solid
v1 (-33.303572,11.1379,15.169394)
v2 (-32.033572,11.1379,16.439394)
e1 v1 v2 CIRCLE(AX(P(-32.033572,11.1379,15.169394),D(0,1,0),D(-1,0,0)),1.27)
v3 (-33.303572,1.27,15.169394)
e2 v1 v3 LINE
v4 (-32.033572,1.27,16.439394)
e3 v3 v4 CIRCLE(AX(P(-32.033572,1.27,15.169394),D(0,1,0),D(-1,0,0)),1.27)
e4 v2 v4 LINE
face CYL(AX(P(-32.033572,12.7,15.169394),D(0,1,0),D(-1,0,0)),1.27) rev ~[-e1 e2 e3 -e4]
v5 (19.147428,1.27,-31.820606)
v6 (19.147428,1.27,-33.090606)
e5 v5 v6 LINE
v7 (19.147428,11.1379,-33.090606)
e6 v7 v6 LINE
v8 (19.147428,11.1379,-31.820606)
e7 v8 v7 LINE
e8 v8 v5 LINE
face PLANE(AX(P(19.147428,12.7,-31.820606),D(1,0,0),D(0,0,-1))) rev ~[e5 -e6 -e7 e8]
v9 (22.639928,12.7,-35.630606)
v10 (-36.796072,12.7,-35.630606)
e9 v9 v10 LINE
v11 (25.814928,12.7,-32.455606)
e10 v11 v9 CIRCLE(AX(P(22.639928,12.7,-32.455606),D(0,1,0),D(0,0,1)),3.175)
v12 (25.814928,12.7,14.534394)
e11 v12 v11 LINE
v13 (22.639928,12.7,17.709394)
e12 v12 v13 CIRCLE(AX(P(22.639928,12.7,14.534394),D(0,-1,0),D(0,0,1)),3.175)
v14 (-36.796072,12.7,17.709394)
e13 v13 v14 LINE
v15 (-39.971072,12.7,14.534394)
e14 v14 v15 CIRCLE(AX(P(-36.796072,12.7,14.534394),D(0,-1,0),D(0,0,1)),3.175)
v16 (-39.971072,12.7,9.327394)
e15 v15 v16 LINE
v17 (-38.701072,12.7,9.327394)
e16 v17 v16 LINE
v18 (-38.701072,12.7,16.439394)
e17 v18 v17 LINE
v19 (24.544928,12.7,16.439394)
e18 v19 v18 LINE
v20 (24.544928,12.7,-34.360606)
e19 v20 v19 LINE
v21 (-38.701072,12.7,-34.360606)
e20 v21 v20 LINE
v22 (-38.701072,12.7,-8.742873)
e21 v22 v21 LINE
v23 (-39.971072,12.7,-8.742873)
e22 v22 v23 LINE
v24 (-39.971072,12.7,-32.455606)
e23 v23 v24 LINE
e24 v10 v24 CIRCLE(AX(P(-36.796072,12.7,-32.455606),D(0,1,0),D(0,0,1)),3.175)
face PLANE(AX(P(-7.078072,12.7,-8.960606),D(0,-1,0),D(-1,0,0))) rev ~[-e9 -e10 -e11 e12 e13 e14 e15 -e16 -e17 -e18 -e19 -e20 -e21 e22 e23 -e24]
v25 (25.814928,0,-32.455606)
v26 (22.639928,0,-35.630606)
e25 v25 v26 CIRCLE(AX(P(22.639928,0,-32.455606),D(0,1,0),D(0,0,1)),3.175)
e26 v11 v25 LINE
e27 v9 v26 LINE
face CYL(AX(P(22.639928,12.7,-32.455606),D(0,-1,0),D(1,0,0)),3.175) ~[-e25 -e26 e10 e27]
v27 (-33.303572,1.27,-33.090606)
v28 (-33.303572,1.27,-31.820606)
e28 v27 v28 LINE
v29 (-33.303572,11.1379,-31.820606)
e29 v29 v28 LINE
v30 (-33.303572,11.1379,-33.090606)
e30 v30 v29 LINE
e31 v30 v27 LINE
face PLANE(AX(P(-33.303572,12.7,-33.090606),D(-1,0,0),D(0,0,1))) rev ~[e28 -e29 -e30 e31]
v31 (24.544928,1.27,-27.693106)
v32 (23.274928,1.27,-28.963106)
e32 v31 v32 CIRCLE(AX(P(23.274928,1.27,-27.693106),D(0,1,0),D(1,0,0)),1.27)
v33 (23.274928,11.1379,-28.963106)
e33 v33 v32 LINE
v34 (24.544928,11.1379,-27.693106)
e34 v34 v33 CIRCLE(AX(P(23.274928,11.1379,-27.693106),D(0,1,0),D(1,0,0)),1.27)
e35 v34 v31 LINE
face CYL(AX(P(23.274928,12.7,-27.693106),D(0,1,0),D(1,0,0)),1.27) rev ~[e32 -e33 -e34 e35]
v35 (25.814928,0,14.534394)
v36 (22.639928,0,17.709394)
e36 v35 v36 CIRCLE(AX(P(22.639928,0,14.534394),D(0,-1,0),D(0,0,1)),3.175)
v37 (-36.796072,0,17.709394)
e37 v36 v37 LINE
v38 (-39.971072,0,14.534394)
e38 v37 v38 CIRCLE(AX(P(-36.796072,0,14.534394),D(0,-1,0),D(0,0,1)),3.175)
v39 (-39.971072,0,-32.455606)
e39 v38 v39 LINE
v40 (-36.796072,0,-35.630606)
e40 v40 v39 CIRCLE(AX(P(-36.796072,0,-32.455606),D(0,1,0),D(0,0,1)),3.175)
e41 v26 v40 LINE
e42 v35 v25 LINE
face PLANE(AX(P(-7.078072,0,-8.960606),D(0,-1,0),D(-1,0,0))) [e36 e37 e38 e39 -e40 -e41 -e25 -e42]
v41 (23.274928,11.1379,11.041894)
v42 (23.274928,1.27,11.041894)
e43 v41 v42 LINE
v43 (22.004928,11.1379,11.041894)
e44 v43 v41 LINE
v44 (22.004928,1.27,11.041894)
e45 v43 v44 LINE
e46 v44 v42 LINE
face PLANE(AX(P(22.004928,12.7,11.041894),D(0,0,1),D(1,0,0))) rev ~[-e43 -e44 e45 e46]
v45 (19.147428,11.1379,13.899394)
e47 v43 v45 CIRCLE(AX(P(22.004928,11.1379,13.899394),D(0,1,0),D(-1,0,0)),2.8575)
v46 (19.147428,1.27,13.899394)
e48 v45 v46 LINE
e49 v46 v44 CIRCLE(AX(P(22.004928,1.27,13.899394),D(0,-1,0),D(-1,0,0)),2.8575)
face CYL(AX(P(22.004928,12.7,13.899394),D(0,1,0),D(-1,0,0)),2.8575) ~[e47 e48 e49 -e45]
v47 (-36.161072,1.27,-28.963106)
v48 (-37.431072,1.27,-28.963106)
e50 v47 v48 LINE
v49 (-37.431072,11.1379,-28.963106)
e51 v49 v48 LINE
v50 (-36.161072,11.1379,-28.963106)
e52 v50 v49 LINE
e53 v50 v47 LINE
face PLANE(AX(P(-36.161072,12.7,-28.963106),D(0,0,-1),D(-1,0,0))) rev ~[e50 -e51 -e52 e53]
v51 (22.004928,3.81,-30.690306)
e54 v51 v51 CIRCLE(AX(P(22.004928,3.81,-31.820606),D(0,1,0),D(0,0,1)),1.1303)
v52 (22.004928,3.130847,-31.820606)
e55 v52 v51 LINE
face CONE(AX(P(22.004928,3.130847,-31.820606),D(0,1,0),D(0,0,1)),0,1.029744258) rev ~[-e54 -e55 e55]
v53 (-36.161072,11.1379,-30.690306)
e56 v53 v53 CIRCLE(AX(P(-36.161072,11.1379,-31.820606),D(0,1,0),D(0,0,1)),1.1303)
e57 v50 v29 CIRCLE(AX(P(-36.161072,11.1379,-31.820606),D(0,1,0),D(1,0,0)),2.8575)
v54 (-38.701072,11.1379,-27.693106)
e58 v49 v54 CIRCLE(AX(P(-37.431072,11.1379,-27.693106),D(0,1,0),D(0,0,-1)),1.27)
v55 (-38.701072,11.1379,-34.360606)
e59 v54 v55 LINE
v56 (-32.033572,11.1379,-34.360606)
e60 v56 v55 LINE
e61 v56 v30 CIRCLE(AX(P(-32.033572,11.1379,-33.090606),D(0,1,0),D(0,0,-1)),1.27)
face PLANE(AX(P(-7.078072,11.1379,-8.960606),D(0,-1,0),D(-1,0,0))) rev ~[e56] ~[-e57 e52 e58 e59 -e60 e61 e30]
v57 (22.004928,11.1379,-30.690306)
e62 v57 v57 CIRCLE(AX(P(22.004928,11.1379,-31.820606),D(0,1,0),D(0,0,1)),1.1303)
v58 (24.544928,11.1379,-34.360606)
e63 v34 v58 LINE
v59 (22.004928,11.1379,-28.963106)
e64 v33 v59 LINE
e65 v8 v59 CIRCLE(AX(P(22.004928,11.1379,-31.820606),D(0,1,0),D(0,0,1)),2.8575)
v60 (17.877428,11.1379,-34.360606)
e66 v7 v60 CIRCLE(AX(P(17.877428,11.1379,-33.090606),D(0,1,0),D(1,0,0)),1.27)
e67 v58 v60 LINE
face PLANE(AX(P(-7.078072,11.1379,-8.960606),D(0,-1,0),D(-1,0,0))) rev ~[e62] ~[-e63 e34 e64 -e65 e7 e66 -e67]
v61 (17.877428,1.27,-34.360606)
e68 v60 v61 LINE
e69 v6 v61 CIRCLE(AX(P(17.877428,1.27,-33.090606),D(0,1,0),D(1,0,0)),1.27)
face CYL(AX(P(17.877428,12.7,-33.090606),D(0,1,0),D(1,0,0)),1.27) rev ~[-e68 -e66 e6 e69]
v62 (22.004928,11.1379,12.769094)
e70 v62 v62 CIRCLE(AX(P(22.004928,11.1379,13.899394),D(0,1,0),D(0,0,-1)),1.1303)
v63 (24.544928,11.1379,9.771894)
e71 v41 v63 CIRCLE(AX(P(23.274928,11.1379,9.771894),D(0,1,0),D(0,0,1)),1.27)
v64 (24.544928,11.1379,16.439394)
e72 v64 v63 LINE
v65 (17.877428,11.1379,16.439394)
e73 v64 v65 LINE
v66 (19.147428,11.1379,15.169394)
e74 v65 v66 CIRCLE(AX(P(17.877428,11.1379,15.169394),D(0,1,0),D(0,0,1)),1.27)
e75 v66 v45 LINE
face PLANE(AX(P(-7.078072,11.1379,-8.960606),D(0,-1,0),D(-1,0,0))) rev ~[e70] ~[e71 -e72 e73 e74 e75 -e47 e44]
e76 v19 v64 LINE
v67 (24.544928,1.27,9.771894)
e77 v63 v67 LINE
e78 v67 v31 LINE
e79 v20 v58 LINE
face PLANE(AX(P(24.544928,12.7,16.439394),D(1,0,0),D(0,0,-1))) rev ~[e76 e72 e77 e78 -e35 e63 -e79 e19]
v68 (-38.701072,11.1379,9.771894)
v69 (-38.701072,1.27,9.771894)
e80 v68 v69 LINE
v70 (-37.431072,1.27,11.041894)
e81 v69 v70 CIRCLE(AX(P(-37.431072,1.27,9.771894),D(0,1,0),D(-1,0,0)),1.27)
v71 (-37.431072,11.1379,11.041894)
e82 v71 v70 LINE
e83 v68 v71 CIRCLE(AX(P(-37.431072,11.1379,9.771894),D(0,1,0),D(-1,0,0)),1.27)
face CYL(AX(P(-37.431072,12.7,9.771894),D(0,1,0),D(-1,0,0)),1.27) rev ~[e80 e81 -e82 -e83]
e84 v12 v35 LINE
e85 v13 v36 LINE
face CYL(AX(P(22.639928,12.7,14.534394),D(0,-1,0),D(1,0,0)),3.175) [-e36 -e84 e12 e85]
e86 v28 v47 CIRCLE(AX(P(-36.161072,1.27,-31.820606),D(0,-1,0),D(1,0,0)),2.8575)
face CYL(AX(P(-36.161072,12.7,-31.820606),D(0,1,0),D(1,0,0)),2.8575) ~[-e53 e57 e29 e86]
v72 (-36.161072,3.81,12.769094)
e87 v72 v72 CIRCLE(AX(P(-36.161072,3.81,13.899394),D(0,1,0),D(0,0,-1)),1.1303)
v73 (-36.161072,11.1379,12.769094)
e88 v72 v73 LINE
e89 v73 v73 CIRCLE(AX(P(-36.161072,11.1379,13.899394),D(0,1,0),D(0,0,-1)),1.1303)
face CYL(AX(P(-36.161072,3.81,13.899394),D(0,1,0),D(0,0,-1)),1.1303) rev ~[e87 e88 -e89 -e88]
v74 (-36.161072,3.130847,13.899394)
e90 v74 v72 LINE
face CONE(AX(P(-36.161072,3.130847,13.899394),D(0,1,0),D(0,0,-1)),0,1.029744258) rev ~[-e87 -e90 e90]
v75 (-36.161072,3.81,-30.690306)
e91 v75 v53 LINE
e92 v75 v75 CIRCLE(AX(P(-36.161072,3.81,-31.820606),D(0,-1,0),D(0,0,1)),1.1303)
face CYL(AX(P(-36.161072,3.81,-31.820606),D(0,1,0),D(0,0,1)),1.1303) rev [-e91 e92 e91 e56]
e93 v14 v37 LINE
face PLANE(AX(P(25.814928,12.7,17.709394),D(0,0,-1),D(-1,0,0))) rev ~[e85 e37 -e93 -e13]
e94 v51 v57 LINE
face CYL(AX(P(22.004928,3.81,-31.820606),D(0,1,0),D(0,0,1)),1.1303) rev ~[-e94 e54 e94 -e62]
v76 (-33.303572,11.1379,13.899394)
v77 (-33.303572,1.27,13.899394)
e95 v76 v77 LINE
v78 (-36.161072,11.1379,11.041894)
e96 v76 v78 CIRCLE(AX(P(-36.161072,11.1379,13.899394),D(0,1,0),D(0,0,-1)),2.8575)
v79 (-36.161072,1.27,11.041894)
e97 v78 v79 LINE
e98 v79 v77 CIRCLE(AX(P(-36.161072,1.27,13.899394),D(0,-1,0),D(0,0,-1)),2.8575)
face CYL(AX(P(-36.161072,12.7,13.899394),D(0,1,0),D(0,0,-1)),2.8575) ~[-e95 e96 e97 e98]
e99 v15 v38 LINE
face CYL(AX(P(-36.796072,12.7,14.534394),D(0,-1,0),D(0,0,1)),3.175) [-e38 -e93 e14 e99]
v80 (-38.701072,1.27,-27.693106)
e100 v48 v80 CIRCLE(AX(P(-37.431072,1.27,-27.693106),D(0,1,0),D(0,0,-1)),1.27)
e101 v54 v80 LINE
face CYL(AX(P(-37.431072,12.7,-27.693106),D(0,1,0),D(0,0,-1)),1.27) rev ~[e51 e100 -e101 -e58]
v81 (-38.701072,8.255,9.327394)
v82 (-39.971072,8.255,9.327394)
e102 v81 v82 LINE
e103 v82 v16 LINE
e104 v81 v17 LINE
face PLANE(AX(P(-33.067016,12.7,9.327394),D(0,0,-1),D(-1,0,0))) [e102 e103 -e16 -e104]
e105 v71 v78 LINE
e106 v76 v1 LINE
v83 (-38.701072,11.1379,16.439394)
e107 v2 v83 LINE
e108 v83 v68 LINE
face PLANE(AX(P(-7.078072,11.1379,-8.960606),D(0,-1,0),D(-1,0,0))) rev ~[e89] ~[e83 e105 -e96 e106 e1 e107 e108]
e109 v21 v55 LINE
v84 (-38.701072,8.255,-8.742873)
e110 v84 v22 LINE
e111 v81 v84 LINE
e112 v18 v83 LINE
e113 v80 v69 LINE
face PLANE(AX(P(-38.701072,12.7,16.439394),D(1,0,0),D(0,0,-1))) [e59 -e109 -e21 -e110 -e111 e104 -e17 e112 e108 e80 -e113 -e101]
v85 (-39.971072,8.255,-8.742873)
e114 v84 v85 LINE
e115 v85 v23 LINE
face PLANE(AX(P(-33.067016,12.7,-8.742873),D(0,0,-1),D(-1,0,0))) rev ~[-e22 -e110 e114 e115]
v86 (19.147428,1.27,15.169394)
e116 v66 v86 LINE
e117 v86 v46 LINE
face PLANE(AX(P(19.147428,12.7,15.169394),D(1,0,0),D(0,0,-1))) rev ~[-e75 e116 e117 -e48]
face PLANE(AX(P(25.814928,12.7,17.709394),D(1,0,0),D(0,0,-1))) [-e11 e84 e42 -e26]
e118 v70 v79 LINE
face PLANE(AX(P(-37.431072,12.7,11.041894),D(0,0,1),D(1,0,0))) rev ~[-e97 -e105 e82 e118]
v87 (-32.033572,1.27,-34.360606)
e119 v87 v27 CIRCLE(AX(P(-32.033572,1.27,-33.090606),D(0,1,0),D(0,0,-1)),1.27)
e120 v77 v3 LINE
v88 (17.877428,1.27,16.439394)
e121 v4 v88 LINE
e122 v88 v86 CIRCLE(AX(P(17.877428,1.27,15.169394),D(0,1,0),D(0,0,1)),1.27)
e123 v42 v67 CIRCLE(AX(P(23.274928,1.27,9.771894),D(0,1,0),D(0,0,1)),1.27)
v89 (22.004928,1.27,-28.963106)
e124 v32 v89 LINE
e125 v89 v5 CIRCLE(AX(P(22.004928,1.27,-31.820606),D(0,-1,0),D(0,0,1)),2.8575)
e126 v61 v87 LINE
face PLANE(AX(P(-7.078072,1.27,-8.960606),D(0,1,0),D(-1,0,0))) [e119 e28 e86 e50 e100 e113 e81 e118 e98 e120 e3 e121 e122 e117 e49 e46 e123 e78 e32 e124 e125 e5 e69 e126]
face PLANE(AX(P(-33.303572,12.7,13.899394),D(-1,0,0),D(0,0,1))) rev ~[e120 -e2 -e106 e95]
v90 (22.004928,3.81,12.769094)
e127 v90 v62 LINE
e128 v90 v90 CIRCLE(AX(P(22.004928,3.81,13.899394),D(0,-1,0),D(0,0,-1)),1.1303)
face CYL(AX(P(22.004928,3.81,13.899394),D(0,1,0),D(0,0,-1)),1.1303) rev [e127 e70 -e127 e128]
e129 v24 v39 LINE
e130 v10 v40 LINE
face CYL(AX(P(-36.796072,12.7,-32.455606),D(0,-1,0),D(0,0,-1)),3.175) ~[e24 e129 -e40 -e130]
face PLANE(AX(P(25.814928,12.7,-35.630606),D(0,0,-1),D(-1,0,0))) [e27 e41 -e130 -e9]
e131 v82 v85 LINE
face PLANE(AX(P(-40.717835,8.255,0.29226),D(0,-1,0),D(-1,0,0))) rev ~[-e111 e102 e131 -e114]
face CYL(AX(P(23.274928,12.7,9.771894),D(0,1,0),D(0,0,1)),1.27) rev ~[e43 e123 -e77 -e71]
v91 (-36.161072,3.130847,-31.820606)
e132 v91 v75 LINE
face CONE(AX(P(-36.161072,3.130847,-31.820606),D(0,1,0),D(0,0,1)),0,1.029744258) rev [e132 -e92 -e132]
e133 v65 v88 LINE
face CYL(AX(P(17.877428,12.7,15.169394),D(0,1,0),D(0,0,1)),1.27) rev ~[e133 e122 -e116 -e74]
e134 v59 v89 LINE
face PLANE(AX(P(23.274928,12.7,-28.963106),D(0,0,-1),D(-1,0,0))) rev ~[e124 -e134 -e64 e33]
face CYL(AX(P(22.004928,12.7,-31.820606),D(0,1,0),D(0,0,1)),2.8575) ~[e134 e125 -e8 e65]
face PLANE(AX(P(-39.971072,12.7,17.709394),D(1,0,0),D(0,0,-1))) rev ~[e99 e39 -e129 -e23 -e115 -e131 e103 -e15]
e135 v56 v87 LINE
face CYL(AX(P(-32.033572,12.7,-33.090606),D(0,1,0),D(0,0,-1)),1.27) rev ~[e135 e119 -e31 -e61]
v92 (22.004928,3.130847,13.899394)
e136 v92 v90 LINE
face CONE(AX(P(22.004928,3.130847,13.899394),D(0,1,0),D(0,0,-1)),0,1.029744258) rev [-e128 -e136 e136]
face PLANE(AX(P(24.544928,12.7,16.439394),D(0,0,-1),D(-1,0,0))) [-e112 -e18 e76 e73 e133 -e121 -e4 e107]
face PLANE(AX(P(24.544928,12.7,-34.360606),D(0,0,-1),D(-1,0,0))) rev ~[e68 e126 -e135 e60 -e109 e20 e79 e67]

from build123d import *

# Parameters (mm, degrees)
SKETCH5_W             = 65.786
SKETCH5_H             = 53.34
BOSS_EXTRUDE1_DEPTH   = 12.7
CUT_EXTRUDE1_DEPTH    = 11.43
FILLET1_R             = 3.175
SKETCH8_W             = 63.246
SKETCH8_H             = 50.8
CUT_EXTRUDE2_DEPTH    = 1.5621
SKETCH9_W             = 15.301638829
SKETCH9_H             = 18.07026672
CUT_EXTRUDE3_DEPTH    = 4.445
BODY_MOVE_COPY1_ANGLE = 180


with BuildPart() as part:
    # Sketch5 → Boss-Extrude1 (new body)
    with BuildSketch(Plane(origin=(0, 0, 0), x_dir=(1, 0, 0), z_dir=(0, 1, 0))):
        with Locations((-7.078072202, 8.960606498)):
            Rectangle(SKETCH5_W, SKETCH5_H)
    extrude(amount=BOSS_EXTRUDE1_DEPTH)

    # Sketch7 → Cut-Extrude1 (cut)
    with BuildSketch(Plane.XZ):
        with BuildLine():
            Line((-32.033572202, -34.360606498), (17.877427798, -34.360606498))
            ThreePointArc((17.877427798, -34.360606498), (18.77545341, -33.98863211), (19.147427798, -33.090606498))
            Line((19.147427798, -33.090606498), (19.147427798, -31.820606498))
            ThreePointArc((19.147427798, -31.820606498), (19.984370171, -29.800048871), (22.004927798, -28.963106498))
            Line((22.004927798, -28.963106498), (23.274927798, -28.963106498))
            ThreePointArc((23.274927798, -28.963106498), (24.17295341, -28.59113211), (24.544927798, -27.693106498))
            Line((24.544927798, -27.693106498), (24.544927798, 9.771893502))
            ThreePointArc((24.544927798, 9.771893502), (24.17295341, 10.669919114), (23.274927798, 11.041893502))
            Line((23.274927798, 11.041893502), (22.004927798, 11.041893502))
            ThreePointArc((22.004927798, 11.041893502), (19.984370171, 11.878835875), (19.147427798, 13.899393502))
            Line((19.147427798, 13.899393502), (19.147427798, 15.169393502))
            ThreePointArc((19.147427798, 15.169393502), (18.77545341, 16.067419114), (17.877427798, 16.439393502))
            Line((17.877427798, 16.439393502), (-32.033572202, 16.439393502))
            ThreePointArc((-32.033572202, 16.439393502), (-32.931597814, 16.067419114), (-33.303572202, 15.169393502))
            Line((-33.303572202, 15.169393502), (-33.303572202, 13.899393502))
            ThreePointArc((-33.303572202, 13.899393502), (-34.140514575, 11.878835875), (-36.161072202, 11.041893502))
            Line((-36.161072202, 11.041893502), (-37.431072202, 11.041893502))
            ThreePointArc((-37.431072202, 11.041893502), (-38.329097814, 10.669919114), (-38.701072202, 9.771893502))
            Line((-38.701072202, 9.771893502), (-38.701072202, -27.693106498))
            ThreePointArc((-38.701072202, -27.693106498), (-38.329097814, -28.59113211), (-37.431072202, -28.963106498))
            Line((-37.431072202, -28.963106498), (-36.161072202, -28.963106498))
            ThreePointArc((-36.161072202, -28.963106498), (-34.140514575, -29.800048871), (-33.303572202, -31.820606498))
            Line((-33.303572202, -31.820606498), (-33.303572202, -33.090606498))
            ThreePointArc((-33.303572202, -33.090606498), (-32.931597814, -33.98863211), (-32.033572202, -34.360606498))
        make_face()
    extrude(amount=-CUT_EXTRUDE1_DEPTH, mode=Mode.SUBTRACT)

    # Fillet1
    fillet1_edges = [part.edges().sort_by_distance(p)[0] for p in [
        (-39.971072202, 6.35, 17.709393502),
        (-39.971072202, 6.35, -35.630606498),
        (25.814927798, 6.35, -35.630606498),
        (25.814927798, 6.35, 17.709393502),
    ]]
    fillet(fillet1_edges, radius=FILLET1_R)

    # Sketch8 → Cut-Extrude2 (cut)
    with BuildSketch(Plane(origin=(0, 0, 0), x_dir=(1, 0, 0), z_dir=(0, 1, 0))):
        with Locations((-7.078072202, 8.960606498)):
            Rectangle(SKETCH8_W, SKETCH8_H)
    extrude(amount=CUT_EXTRUDE2_DEPTH, mode=Mode.SUBTRACT)

    # Sketch9 → Cut-Extrude3 (cut)
    with BuildSketch(Plane(origin=(0, 0, 0), x_dir=(1, 0, 0), z_dir=(0, 1, 0))):
        with Locations((26.561690875, -0.292260142)):
            Rectangle(SKETCH9_W, SKETCH9_H)
    extrude(amount=CUT_EXTRUDE3_DEPTH, mode=Mode.SUBTRACT)

    # Sketch10 → Tap Drill for #4-40 Tap1 (revolve, cut)
    with BuildSketch(Plane(origin=(-36.161072202, 0, 13.899393502), x_dir=(0, 0, -1), z_dir=(1, 0, 0))):
        Polygon((0, 0), (0, 9.569152758), (1.1303, 8.89), (1.1303, 0), align=None)
    tap_drill_for_4_40_tap1 = revolve(axis=Axis((-36.161072202, -6.35, 13.899393502), (0, 1, 0)), mode=Mode.SUBTRACT)

    # Mirror1: Tap Drill for #4-40 Tap1 across plane
    add(tap_drill_for_4_40_tap1.mirror(Plane(origin=(-7.078072202, 0, 0), x_dir=(0, 0, 1), z_dir=(1, 0, 0))), mode=Mode.SUBTRACT)

    # Mirror2: Tap Drill for #4-40 Tap1 across plane
    add(tap_drill_for_4_40_tap1.mirror(Plane.XY.offset(-8.960606498)), mode=Mode.SUBTRACT)

    # Mirror2 copy 1 sketch → Mirror2 copy 1 (revolve, cut)
    with BuildSketch(Plane(origin=(22.004927798, 0, -31.820606498), x_dir=(0, 0, 1), z_dir=(-1, 0, 0))):
        Polygon((0, 0), (0, 9.569152758), (1.1303, 8.89), (1.1303, 0), align=None)
    revolve(axis=Axis((22.004927798, -6.35, -31.820606498), (0, 1, 0)), mode=Mode.SUBTRACT)


with BuildPart() as part_1:
    # Body-Move/Copy1: moved
    add(part.part.rotate(Axis((-7.078072202, 6.35, 0), (0, 0, 1)), BODY_MOVE_COPY1_ANGLE))


solid = part_1.part
